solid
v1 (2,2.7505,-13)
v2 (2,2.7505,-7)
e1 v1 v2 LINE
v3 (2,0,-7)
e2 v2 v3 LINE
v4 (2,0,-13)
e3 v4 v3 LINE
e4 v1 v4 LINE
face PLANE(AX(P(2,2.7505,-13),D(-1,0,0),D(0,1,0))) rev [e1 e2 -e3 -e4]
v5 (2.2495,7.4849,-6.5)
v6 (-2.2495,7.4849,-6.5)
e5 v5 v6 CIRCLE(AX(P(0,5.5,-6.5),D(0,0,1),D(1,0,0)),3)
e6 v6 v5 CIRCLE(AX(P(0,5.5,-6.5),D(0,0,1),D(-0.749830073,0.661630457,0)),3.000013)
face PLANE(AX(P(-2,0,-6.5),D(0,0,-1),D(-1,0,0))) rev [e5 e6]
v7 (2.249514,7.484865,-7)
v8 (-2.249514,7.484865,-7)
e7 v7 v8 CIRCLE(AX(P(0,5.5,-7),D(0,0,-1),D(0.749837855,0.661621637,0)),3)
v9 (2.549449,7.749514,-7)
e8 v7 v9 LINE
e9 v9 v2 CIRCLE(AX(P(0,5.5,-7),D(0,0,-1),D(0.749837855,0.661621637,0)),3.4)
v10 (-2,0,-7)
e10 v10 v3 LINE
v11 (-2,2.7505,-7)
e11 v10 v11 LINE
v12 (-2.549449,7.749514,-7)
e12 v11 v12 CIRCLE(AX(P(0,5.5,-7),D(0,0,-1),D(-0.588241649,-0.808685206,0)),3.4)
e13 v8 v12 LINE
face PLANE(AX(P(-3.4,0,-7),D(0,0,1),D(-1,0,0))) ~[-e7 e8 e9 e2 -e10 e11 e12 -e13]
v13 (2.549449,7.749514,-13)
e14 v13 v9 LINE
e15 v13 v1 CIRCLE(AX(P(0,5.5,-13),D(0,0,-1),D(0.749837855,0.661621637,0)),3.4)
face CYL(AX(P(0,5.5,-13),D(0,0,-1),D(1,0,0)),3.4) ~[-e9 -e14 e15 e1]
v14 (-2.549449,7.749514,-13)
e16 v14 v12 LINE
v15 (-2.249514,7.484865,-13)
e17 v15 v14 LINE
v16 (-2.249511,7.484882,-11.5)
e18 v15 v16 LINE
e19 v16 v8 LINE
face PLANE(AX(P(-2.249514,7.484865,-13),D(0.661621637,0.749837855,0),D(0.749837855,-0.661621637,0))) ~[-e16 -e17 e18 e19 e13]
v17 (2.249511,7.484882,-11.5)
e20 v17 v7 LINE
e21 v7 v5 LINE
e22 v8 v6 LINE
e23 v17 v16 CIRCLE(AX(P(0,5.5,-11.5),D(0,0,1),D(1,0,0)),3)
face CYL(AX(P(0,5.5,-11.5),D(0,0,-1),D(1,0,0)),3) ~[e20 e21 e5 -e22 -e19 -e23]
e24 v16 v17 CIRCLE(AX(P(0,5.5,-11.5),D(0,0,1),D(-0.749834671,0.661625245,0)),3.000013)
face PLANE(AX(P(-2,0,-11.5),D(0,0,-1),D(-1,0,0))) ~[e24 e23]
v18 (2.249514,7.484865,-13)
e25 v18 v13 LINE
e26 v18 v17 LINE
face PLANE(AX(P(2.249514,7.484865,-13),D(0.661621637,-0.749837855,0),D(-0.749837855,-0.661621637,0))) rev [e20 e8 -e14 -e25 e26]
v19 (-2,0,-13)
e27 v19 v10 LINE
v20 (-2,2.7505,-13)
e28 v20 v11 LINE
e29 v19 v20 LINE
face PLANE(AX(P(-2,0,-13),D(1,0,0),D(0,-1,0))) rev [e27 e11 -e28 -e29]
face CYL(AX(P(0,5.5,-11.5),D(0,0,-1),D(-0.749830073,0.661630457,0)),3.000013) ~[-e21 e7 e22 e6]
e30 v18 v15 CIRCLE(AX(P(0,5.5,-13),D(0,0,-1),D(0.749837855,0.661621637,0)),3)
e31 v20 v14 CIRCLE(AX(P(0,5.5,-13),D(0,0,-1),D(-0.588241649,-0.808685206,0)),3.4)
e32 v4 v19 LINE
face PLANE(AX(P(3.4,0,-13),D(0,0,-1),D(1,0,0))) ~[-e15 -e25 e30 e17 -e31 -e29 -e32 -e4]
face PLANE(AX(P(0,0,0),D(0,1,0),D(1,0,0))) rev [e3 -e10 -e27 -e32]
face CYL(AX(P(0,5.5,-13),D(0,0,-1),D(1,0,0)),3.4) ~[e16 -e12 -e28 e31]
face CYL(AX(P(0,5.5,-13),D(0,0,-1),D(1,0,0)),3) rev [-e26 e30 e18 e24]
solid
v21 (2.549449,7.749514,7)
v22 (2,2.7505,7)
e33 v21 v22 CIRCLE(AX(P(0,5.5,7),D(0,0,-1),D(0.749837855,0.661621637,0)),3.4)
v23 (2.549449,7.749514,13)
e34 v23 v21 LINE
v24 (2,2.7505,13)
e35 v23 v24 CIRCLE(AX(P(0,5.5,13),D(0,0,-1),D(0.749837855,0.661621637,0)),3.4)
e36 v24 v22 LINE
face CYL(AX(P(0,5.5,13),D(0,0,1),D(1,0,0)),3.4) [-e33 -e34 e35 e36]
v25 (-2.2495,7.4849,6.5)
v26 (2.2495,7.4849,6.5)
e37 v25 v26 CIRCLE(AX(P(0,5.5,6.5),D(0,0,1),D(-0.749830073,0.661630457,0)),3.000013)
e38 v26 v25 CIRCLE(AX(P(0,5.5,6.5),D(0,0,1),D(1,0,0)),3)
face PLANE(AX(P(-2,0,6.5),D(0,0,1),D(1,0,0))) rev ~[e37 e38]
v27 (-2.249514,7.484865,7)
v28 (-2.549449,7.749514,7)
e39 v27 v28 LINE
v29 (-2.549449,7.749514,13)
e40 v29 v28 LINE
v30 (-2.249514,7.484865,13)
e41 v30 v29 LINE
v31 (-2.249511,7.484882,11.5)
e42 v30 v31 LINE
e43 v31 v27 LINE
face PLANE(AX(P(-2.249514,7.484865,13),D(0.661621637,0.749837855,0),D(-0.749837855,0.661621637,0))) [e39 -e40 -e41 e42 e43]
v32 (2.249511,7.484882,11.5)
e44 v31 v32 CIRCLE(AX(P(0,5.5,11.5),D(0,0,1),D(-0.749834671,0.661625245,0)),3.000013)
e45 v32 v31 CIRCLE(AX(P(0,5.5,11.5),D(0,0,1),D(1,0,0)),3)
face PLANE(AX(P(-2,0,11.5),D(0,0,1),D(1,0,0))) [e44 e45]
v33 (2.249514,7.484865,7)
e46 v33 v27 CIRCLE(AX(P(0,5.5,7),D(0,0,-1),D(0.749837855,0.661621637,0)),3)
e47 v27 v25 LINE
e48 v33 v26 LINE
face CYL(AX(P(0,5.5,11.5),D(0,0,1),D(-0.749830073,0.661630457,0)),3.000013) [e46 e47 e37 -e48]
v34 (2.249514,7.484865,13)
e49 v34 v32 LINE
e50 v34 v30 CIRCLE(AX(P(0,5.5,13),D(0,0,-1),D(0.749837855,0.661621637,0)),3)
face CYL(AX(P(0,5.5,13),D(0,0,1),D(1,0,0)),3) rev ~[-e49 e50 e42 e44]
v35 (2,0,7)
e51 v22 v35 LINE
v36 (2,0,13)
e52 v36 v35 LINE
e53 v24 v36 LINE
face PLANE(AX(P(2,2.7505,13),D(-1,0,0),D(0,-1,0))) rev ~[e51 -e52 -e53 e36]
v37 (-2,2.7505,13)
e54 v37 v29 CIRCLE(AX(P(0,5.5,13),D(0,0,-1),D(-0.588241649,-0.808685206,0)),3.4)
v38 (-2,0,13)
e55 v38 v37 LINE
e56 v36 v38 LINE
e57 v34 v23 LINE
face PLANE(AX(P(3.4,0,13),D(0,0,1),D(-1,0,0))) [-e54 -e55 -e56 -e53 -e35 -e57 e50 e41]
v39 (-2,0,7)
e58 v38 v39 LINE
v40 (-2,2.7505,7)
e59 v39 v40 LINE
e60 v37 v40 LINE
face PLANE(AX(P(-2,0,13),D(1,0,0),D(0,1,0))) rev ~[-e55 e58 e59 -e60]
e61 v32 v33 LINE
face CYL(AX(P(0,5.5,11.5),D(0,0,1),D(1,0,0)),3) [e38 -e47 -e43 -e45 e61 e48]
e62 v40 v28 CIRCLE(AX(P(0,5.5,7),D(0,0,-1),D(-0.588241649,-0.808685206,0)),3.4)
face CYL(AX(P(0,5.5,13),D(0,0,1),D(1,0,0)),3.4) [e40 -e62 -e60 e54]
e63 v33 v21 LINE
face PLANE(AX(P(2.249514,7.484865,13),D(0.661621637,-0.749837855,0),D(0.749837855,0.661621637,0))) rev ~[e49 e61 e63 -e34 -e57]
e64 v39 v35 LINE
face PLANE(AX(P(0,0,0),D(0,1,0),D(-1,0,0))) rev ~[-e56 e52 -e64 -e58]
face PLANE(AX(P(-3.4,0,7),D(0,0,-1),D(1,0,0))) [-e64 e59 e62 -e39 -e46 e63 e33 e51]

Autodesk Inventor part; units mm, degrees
ref_plane "YZ Plane" through (0, 0, 0) normal (1, 0, 0) x (0, 1, 0)
ref_plane "XZ Plane" through (0, 0, 0) normal (0, 1, 0) x (-1, 0, 0)
sketch "スケッチ1" plane through (0, 0, 0) normal (0, 1, 0) x (-1, 0, 0)
  line L0 (3.4, 7) -> (-3.4, 7)
  line L1 (-3.4, 7) -> (-3.4, 13)
  line L2 (-3.4, 13) -> (3.4, 13)
  line L3 (3.4, 13) -> (3.4, 7)
  point P0 (0, 0)
  point P1 (0, 7)
  dimension "d0" = 7
  dimension "d1" = 13
  dimension "d2" = 6.8
extrude "押し出し1" add sketch "スケッチ1" along normal blind 8.5
sketch "スケッチ2" plane through (-3.4, 0, 13) normal (0, 0, 1) x (1, 0, 0)
  circle A0 centre (3.4, 5.5) radius 3
  line L0 (0, 0) -> (6.8, 0) projected
  line L1 (0, 8.5) -> (6.8, 8.5) projected
  circle A1 centre (3.4, 5.5) radius 3.4
  line L2 (6.8, 0) -> (6.8, 8.5) projected
  line L3 (3.4, 5.5) -> (0, 8.5)
  line L4 (3.4, 5.5) -> (6.8, 8.5)
  line L5 (1.4, 2.7505) -> (5.4, 2.7505)
  line L6 (5.4, 2.7505) -> (5.4, 0)
  line L7 (5.4, 0) -> (1.4, 0)
  line L8 (1.4, 0) -> (1.4, 2.7505)
  line L9 (0, 0) -> (0, 8.5) projected
  point P0 (3.4, 0)
  point P1 (3.4, 0)
  point P2 (3.4, 2.7505)
  point P3 (3.4, 0)
  point P4 (0, 5.5)
  point P5 (0.8506, 7.7495)
  point P6 (1.1505, 7.4849)
  point P7 (5.6495, 7.4849)
  point P8 (5.9494, 7.7495)
  point P9 (6.8, 5.5)
  point P10 (5.4, 2.7505)
  dimension "d5" = 6
  dimension "d6" = 4
extrude "押し出し2" cut sketch "スケッチ2" against normal up to surface (6 mm away) contours A0 L5 L3 L4 | L4 L3 A0 | A0 L1 A1 L4 | A0 L5 | A0 L3 A1 L1 | L4 L2 A1 | A1 L1 L4 | A1 L2 L0 L6 | A1 L3 L1 | L8 L0 L9 A1 | A1 L9 L3
ref_plane "作業平面1" through (-2, 0, 11.5) normal (0, 0, 1) x (1, 0, 0)
sketch "スケッチ5" plane through (-2, 0, 11.5) normal (0, 0, 1) x (1, 0, 0)
  arc A0 (-0.2495, 7.4849) -> (4.2495, 7.4849) centre (2, 5.5) ccw projected
  circle A1 centre (2, 5.5) radius 3
  point P0 (2, 0)
  point P1 (-0.2495, 7.4849)
extrude "押し出し5" add sketch "スケッチ5" against normal blind 5
mirror "ミラー1" about plane through (0, 0, 0) normal (0, 0, 1)
properties part number "fuse_cover" material "アルミニウム 6061"
